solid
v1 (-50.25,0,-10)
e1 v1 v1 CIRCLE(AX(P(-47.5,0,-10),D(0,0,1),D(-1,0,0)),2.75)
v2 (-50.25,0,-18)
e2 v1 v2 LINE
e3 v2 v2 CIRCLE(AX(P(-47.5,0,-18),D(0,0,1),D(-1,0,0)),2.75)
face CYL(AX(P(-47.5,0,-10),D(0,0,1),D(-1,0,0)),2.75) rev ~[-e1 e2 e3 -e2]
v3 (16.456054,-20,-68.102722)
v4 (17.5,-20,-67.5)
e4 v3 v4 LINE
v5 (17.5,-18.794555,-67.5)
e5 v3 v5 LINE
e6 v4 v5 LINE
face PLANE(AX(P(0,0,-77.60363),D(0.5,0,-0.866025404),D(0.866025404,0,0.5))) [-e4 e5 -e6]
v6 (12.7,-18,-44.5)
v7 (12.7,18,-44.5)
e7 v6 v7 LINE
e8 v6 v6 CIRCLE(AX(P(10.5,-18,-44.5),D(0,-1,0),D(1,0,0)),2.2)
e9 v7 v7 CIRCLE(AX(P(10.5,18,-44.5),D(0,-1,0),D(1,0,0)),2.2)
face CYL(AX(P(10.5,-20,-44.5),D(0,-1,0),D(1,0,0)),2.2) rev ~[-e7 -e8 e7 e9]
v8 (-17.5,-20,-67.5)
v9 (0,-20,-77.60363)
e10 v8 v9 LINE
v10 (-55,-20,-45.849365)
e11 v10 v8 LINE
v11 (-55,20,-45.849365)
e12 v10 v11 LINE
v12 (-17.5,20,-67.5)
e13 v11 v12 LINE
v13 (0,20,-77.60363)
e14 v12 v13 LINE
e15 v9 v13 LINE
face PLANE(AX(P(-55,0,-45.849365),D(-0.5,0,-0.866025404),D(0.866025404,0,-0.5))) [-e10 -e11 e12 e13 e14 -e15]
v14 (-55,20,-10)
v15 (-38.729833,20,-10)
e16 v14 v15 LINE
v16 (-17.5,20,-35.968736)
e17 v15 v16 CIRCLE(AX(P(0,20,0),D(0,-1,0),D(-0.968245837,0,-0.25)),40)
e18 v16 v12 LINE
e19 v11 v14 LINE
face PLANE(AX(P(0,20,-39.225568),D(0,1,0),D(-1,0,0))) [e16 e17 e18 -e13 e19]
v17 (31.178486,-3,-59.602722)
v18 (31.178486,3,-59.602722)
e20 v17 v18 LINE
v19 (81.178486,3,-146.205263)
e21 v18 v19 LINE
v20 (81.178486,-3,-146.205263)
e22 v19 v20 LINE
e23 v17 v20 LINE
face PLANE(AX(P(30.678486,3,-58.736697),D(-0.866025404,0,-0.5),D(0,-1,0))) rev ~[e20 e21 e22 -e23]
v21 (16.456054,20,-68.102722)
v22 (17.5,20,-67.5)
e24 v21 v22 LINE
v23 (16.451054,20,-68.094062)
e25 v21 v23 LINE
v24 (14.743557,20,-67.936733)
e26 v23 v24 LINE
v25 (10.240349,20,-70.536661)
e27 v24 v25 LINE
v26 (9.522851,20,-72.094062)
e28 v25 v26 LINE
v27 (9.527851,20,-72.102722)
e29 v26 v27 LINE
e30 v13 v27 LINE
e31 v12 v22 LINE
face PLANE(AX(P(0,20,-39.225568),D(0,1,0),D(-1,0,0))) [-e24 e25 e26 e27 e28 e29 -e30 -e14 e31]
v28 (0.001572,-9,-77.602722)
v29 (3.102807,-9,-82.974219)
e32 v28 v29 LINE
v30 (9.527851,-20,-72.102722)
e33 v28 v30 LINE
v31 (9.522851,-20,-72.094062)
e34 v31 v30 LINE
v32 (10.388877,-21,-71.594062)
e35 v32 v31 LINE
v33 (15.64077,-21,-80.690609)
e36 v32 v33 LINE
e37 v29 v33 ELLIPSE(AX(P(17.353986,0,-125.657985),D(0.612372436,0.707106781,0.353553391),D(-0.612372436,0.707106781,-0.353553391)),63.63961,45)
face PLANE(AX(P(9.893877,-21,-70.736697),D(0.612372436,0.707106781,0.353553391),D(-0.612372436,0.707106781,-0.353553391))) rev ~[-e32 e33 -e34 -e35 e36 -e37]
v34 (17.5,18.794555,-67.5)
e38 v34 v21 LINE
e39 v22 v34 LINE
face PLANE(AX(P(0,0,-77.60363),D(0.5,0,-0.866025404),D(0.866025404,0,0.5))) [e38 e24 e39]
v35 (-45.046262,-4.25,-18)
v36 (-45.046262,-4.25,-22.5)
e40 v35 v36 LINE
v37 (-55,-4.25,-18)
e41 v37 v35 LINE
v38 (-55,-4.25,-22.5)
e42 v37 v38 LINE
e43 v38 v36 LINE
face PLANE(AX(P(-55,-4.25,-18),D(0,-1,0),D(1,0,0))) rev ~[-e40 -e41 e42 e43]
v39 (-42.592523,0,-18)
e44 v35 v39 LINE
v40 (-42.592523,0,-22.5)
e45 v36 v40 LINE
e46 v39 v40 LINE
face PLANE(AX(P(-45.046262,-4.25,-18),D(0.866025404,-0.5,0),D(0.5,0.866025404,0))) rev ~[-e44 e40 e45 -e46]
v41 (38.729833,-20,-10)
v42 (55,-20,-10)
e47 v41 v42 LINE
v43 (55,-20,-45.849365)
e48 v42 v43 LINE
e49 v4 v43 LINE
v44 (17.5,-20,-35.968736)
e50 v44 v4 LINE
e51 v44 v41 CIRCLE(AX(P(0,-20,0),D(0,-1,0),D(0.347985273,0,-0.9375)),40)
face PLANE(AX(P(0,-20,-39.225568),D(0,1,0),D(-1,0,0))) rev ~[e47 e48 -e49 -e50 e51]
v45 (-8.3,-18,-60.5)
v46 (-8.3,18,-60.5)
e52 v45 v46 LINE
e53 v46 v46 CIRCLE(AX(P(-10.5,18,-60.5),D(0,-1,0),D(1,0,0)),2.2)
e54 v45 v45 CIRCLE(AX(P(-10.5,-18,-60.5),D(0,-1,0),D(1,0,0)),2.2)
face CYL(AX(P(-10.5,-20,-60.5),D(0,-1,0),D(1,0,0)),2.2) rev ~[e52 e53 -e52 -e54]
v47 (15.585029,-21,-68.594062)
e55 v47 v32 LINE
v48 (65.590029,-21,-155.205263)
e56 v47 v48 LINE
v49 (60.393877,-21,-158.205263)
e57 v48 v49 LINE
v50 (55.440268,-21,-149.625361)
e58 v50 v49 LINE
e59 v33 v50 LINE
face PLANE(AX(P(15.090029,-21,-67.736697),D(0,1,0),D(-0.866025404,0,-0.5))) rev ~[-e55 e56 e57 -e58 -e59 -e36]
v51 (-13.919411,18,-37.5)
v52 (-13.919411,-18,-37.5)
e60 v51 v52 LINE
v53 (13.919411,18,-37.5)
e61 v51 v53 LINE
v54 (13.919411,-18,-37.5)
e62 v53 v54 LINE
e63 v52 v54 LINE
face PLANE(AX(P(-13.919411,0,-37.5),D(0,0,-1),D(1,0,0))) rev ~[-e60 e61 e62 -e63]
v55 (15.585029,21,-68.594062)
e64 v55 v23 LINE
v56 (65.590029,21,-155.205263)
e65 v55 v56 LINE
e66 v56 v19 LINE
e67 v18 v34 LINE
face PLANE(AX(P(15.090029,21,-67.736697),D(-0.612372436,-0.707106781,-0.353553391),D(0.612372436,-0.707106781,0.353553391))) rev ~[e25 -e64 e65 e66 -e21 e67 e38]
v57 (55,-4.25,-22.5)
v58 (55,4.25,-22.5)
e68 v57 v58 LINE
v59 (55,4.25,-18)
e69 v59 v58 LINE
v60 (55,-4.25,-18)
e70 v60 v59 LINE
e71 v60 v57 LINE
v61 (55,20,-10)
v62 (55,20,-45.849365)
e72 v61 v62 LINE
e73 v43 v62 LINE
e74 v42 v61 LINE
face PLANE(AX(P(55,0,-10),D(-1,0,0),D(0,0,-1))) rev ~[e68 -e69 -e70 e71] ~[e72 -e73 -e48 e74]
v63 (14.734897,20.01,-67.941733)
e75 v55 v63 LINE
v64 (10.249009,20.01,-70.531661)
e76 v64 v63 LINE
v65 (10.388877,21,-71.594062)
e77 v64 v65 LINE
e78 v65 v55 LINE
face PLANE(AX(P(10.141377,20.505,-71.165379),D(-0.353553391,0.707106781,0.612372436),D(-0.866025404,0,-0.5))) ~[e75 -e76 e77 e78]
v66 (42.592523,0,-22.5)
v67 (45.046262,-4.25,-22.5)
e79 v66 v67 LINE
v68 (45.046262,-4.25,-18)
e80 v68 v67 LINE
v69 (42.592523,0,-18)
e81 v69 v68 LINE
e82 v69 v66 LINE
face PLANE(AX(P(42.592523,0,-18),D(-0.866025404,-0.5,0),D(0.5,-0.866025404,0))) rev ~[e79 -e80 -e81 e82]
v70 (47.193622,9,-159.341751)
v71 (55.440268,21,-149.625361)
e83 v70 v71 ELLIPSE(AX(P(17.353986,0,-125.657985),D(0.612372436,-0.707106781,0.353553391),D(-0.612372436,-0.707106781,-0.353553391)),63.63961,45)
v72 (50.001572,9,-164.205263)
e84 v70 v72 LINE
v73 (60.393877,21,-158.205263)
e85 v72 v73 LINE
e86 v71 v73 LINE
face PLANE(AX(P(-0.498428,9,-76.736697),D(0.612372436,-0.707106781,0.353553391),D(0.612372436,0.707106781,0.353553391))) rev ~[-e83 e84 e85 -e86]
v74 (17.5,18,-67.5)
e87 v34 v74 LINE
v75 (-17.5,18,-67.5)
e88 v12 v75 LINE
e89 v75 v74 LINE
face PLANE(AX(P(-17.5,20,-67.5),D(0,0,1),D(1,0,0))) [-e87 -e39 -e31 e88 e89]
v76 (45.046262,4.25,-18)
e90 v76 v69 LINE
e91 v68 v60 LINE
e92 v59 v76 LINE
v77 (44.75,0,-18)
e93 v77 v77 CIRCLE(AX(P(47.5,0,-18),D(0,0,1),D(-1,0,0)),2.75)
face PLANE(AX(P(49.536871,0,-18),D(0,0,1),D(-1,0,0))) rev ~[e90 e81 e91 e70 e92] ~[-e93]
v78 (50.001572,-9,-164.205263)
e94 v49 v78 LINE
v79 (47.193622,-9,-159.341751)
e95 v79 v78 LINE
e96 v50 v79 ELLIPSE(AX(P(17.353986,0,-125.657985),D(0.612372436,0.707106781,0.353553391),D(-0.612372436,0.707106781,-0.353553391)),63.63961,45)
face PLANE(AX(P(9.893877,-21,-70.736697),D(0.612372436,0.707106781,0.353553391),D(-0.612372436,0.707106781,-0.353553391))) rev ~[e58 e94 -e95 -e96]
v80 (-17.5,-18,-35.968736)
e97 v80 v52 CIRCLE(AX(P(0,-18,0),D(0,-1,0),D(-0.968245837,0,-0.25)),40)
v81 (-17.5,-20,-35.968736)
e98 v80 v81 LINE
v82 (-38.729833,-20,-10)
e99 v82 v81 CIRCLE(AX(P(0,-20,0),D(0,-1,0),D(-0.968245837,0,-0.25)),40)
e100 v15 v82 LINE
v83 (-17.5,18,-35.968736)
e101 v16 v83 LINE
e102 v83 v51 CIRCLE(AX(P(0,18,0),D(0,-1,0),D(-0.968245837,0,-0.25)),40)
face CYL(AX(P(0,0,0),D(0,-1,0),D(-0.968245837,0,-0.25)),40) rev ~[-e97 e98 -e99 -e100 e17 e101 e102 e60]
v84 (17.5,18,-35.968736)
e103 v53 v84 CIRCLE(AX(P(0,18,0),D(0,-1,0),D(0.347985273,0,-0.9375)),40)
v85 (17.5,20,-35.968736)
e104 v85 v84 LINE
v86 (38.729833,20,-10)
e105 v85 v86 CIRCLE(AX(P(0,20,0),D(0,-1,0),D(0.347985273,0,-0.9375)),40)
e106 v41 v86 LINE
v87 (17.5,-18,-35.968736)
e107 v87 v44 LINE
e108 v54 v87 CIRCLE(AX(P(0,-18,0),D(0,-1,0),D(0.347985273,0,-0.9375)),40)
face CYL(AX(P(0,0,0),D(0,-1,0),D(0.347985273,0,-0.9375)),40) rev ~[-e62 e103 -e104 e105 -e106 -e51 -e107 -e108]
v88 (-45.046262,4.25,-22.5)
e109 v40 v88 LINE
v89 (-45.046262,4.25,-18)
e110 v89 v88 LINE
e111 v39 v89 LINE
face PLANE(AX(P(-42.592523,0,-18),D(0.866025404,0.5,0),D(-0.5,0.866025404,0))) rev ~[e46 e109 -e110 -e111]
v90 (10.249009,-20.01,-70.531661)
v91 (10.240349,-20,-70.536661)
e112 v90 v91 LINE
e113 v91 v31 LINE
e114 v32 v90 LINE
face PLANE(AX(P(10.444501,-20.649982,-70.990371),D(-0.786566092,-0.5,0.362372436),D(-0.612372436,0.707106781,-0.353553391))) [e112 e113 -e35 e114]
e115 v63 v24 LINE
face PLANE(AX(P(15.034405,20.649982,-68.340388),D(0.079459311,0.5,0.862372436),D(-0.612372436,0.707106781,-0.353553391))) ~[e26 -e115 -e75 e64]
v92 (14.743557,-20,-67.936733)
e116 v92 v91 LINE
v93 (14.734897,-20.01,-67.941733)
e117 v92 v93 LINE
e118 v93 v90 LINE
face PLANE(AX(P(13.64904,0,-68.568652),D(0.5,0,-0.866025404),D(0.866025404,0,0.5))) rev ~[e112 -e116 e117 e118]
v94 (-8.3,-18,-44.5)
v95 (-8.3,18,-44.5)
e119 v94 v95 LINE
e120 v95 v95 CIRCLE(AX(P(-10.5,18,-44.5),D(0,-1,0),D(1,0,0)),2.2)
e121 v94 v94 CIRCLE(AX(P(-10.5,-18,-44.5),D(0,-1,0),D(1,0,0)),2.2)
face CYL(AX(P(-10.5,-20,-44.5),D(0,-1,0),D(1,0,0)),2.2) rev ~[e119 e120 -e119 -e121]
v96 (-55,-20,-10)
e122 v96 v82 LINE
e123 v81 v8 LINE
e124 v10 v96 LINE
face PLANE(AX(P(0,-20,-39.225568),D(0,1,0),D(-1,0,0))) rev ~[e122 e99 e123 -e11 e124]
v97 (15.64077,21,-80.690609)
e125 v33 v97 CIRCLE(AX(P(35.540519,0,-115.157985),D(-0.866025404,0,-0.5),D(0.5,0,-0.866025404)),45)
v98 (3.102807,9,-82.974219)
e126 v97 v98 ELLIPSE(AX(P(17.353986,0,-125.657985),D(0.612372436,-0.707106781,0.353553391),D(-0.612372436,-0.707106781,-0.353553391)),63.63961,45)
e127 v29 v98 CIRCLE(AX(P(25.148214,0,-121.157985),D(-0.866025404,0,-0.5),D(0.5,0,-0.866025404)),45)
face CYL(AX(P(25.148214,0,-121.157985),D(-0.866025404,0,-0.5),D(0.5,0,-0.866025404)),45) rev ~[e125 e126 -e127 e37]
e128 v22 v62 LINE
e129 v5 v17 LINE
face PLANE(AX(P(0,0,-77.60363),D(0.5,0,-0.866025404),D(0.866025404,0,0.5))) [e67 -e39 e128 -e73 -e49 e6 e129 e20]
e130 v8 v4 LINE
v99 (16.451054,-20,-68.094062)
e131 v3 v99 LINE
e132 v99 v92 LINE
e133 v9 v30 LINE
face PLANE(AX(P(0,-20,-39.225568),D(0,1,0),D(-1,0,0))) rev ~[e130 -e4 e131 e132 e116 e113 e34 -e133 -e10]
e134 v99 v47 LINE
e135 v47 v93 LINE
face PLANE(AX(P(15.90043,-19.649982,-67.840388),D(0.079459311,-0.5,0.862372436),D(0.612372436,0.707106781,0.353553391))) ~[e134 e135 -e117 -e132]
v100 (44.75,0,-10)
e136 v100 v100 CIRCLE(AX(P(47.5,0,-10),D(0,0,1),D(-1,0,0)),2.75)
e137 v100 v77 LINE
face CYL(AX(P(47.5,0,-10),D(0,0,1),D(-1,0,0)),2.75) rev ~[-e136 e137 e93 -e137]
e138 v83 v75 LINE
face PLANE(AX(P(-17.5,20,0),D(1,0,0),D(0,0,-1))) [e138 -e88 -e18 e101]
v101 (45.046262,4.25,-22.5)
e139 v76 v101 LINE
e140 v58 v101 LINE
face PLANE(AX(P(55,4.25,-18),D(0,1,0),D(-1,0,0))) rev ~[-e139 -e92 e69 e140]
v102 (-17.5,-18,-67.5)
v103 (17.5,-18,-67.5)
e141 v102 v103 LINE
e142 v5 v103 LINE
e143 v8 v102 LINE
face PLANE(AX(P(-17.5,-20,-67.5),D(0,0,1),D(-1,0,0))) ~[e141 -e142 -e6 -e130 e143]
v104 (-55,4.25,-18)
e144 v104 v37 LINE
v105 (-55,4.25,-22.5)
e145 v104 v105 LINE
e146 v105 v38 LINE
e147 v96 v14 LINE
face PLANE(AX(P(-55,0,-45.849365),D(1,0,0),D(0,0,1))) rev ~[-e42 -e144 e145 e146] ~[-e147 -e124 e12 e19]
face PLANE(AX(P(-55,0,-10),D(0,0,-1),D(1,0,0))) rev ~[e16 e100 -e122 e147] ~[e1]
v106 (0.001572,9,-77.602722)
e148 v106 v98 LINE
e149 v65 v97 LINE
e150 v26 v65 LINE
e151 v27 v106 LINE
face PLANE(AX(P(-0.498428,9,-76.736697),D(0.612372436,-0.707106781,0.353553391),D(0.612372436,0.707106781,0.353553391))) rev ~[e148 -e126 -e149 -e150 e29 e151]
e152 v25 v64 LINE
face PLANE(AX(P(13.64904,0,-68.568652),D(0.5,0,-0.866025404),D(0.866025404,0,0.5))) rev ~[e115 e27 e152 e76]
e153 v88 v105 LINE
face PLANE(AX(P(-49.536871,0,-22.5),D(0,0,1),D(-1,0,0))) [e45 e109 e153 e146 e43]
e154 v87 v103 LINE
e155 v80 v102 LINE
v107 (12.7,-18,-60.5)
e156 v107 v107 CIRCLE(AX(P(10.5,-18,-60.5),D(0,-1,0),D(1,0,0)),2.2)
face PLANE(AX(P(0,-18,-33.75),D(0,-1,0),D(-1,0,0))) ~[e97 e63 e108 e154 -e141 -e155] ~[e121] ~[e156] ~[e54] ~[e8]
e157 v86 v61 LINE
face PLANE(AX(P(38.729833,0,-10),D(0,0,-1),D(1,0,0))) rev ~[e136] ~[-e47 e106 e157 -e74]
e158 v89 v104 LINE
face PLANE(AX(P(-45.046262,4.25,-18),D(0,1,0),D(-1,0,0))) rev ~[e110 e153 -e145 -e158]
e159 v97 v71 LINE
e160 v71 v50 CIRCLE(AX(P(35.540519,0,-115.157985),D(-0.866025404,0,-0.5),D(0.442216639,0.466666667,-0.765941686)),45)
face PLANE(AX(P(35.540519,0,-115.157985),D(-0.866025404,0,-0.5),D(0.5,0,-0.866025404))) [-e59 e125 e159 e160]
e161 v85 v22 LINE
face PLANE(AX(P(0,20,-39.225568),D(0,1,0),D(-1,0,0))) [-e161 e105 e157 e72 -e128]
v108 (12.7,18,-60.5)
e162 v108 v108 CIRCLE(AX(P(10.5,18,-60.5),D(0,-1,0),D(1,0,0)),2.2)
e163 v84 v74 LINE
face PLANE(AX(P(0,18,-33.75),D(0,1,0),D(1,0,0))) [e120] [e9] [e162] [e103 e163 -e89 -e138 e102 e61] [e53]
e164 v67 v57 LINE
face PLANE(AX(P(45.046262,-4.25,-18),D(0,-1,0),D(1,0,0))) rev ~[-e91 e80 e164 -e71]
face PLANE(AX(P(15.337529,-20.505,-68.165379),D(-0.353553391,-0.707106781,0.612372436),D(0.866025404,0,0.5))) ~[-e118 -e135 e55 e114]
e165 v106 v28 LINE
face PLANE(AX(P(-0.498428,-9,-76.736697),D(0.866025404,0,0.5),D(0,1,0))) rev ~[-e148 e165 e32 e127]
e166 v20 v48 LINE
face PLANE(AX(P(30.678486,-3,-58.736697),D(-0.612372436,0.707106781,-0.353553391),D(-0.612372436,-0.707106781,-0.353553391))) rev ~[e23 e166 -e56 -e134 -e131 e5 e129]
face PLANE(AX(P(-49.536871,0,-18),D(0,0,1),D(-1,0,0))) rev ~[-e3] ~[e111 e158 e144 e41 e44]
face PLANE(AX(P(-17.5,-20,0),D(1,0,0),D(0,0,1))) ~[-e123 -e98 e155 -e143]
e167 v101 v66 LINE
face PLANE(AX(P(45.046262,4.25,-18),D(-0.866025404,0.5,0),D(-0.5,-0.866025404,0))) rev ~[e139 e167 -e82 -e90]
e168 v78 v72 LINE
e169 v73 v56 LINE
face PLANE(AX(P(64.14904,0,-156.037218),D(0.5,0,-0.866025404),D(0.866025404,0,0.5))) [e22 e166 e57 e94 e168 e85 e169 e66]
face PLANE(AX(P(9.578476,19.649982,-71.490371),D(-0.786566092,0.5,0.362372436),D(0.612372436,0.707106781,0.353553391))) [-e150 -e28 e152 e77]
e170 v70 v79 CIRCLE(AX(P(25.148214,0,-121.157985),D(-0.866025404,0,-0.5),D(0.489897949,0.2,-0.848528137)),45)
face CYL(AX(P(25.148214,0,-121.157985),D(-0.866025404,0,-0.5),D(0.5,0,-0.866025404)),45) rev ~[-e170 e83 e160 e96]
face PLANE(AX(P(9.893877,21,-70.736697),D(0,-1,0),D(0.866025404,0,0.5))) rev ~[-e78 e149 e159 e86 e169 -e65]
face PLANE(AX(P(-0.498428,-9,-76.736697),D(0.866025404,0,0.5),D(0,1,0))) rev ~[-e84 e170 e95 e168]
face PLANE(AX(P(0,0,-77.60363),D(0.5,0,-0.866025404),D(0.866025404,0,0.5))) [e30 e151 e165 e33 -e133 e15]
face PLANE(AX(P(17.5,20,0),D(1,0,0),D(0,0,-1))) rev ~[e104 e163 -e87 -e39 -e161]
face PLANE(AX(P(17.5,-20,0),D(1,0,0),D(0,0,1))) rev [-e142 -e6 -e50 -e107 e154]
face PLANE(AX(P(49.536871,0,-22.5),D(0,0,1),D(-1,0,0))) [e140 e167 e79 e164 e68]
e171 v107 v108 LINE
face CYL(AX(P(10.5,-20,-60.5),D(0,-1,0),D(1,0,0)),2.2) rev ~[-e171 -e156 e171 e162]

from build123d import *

# Parameters (mm, degrees)
PAD_DEPTH       = 20
SKETCH003_R     = 2.2
HOLE_DEPTH      = 40.001
POCKET001_DEPTH = 4.5
SKETCH007_R     = 2.75
HOLE001_DEPTH   = 12
PAD001_DEPTH    = 101
SKETCH011_R     = 45
HOLE002_DEPTH   = 12
CHAMFER_SIZE    = 0.99
SKETCH009_W     = 35
SKETCH009_H     = 67.5
POCKET_DEPTH    = 2


with BuildPart() as part:
    # Sketch → Pad (new body, symmetric)
    with BuildSketch(Plane.XZ):
        with BuildLine():
            ThreePointArc((13.9194109071, -37.5), (29.6992968462, -26.794621976), (38.7298334621, -10))
            Line((38.7298334621, -10), (55, -10))
            Line((55, -10), (55, -45.8493649054))
            Line((0, -77.6036297108), (55, -45.8493649054))
            Line((-55, -45.8493649054), (0, -77.6036297108))
            Line((-55, -45.8493649054), (-55, -10))
            Line((-55, -10), (-38.7298334621, -10))
            ThreePointArc((-38.7298334621, -10), (-29.6992968462, -26.794621976), (-13.9194109071, -37.5))
            Line((-13.9194109071, -37.5), (13.9194109071, -37.5))
        make_face()
    extrude(amount=PAD_DEPTH, both=True)

    # Sketch003 → Hole (cut, through all)
    with BuildSketch(Plane.XZ.offset(20)):
        with Locations((-10.5, -44.5)):
            Circle(SKETCH003_R)
        with Locations((10.5, -44.5)):
            Circle(SKETCH003_R)
        with Locations((-10.5, -60.5)):
            Circle(SKETCH003_R)
        with Locations((10.5, -60.5)):
            Circle(SKETCH003_R)
    extrude(amount=-HOLE_DEPTH, mode=Mode.SUBTRACT)

    # Sketch006 → Pocket001 (cut)
    with BuildSketch(Plane(origin=(0, 0, -18), x_dir=(-1, 0, 0), z_dir=(0, 0, 1))):
        Polygon((55, 4.25), (45.0462616441, 4.25), (42.592523, 0), (45.0462616441, -4.25), (55, -4.25), align=None)
        Polygon((-55, 4.25), (-55, -4.25), (-45.0462616441, -4.25), (-42.592523, 0), (-45.0462616441, 4.25), align=None)
    extrude(amount=-POCKET001_DEPTH, mode=Mode.SUBTRACT)

    # Sketch007 (on Face5 of Pocket001) → Hole001 (cut)
    with BuildSketch(Plane(origin=(0, 0, -10), x_dir=(-1, 0, 0), z_dir=(0, 0, 1))):
        with Locations((47.5, 0)):
            Circle(SKETCH007_R)
        with Locations((-47.5, 0)):
            Circle(SKETCH007_R)
    extrude(amount=-HOLE001_DEPTH, mode=Mode.SUBTRACT)

    # Sketch010 (on Face10 of Hole001) → Pad001 (join)
    with BuildSketch(Plane(origin=(33.1033573777, 0, -57.3366968793), x_dir=(0.8660254038, 0, 0.5), z_dir=(0.5, 0, -0.8660254038))):
        Polygon((-38.8, 9), (-38.8, -9), (-26.8, -21), (-20.8, -21), (-2.8, -3), (-2.8, 3), (-20.8, 21), (-26.8, 21), align=None)
    extrude(amount=PAD001_DEPTH)

    # Sketch011 (on Face30 of Pad001) → Hole002 (cut)
    with BuildSketch(Plane(origin=(-33.6017856668, 0, -19.4), x_dir=(0.5, 0, -0.8660254038), z_dir=(-0.8660254038, 0, -0.5))):
        with Locations((117.5, 0)):
            Circle(SKETCH011_R)
    extrude(amount=-HOLE002_DEPTH, mode=Mode.SUBTRACT)

    # Chamfer
    chamfer_edges = [part.edges().sort_by_distance(p)[0] for p in [
        (9.460864, 20.5, -70.986697),
        (12.491953, 21, -69.236697),
        (15.523042, 20.5, -67.486697),
        (15.523042, -20.5, -67.486697),
        (12.491953, -21, -69.236697),
        (9.460864, -20.5, -70.986697),
    ]]
    chamfer(chamfer_edges, length=CHAMFER_SIZE)

    # Sketch009 → Pocket (cut)
    with BuildSketch(Plane(origin=(0, 20, 0), x_dir=(1, 0, 0), z_dir=(0, 1, 0))):
        with Locations((0, 33.75)):
            Rectangle(SKETCH009_W, SKETCH009_H)
    pocket = extrude(amount=-POCKET_DEPTH, mode=Mode.SUBTRACT)

    # Mirrored: Pocket across XZ
    add(pocket.mirror(Plane.XZ), mode=Mode.SUBTRACT)


solid = part.part
